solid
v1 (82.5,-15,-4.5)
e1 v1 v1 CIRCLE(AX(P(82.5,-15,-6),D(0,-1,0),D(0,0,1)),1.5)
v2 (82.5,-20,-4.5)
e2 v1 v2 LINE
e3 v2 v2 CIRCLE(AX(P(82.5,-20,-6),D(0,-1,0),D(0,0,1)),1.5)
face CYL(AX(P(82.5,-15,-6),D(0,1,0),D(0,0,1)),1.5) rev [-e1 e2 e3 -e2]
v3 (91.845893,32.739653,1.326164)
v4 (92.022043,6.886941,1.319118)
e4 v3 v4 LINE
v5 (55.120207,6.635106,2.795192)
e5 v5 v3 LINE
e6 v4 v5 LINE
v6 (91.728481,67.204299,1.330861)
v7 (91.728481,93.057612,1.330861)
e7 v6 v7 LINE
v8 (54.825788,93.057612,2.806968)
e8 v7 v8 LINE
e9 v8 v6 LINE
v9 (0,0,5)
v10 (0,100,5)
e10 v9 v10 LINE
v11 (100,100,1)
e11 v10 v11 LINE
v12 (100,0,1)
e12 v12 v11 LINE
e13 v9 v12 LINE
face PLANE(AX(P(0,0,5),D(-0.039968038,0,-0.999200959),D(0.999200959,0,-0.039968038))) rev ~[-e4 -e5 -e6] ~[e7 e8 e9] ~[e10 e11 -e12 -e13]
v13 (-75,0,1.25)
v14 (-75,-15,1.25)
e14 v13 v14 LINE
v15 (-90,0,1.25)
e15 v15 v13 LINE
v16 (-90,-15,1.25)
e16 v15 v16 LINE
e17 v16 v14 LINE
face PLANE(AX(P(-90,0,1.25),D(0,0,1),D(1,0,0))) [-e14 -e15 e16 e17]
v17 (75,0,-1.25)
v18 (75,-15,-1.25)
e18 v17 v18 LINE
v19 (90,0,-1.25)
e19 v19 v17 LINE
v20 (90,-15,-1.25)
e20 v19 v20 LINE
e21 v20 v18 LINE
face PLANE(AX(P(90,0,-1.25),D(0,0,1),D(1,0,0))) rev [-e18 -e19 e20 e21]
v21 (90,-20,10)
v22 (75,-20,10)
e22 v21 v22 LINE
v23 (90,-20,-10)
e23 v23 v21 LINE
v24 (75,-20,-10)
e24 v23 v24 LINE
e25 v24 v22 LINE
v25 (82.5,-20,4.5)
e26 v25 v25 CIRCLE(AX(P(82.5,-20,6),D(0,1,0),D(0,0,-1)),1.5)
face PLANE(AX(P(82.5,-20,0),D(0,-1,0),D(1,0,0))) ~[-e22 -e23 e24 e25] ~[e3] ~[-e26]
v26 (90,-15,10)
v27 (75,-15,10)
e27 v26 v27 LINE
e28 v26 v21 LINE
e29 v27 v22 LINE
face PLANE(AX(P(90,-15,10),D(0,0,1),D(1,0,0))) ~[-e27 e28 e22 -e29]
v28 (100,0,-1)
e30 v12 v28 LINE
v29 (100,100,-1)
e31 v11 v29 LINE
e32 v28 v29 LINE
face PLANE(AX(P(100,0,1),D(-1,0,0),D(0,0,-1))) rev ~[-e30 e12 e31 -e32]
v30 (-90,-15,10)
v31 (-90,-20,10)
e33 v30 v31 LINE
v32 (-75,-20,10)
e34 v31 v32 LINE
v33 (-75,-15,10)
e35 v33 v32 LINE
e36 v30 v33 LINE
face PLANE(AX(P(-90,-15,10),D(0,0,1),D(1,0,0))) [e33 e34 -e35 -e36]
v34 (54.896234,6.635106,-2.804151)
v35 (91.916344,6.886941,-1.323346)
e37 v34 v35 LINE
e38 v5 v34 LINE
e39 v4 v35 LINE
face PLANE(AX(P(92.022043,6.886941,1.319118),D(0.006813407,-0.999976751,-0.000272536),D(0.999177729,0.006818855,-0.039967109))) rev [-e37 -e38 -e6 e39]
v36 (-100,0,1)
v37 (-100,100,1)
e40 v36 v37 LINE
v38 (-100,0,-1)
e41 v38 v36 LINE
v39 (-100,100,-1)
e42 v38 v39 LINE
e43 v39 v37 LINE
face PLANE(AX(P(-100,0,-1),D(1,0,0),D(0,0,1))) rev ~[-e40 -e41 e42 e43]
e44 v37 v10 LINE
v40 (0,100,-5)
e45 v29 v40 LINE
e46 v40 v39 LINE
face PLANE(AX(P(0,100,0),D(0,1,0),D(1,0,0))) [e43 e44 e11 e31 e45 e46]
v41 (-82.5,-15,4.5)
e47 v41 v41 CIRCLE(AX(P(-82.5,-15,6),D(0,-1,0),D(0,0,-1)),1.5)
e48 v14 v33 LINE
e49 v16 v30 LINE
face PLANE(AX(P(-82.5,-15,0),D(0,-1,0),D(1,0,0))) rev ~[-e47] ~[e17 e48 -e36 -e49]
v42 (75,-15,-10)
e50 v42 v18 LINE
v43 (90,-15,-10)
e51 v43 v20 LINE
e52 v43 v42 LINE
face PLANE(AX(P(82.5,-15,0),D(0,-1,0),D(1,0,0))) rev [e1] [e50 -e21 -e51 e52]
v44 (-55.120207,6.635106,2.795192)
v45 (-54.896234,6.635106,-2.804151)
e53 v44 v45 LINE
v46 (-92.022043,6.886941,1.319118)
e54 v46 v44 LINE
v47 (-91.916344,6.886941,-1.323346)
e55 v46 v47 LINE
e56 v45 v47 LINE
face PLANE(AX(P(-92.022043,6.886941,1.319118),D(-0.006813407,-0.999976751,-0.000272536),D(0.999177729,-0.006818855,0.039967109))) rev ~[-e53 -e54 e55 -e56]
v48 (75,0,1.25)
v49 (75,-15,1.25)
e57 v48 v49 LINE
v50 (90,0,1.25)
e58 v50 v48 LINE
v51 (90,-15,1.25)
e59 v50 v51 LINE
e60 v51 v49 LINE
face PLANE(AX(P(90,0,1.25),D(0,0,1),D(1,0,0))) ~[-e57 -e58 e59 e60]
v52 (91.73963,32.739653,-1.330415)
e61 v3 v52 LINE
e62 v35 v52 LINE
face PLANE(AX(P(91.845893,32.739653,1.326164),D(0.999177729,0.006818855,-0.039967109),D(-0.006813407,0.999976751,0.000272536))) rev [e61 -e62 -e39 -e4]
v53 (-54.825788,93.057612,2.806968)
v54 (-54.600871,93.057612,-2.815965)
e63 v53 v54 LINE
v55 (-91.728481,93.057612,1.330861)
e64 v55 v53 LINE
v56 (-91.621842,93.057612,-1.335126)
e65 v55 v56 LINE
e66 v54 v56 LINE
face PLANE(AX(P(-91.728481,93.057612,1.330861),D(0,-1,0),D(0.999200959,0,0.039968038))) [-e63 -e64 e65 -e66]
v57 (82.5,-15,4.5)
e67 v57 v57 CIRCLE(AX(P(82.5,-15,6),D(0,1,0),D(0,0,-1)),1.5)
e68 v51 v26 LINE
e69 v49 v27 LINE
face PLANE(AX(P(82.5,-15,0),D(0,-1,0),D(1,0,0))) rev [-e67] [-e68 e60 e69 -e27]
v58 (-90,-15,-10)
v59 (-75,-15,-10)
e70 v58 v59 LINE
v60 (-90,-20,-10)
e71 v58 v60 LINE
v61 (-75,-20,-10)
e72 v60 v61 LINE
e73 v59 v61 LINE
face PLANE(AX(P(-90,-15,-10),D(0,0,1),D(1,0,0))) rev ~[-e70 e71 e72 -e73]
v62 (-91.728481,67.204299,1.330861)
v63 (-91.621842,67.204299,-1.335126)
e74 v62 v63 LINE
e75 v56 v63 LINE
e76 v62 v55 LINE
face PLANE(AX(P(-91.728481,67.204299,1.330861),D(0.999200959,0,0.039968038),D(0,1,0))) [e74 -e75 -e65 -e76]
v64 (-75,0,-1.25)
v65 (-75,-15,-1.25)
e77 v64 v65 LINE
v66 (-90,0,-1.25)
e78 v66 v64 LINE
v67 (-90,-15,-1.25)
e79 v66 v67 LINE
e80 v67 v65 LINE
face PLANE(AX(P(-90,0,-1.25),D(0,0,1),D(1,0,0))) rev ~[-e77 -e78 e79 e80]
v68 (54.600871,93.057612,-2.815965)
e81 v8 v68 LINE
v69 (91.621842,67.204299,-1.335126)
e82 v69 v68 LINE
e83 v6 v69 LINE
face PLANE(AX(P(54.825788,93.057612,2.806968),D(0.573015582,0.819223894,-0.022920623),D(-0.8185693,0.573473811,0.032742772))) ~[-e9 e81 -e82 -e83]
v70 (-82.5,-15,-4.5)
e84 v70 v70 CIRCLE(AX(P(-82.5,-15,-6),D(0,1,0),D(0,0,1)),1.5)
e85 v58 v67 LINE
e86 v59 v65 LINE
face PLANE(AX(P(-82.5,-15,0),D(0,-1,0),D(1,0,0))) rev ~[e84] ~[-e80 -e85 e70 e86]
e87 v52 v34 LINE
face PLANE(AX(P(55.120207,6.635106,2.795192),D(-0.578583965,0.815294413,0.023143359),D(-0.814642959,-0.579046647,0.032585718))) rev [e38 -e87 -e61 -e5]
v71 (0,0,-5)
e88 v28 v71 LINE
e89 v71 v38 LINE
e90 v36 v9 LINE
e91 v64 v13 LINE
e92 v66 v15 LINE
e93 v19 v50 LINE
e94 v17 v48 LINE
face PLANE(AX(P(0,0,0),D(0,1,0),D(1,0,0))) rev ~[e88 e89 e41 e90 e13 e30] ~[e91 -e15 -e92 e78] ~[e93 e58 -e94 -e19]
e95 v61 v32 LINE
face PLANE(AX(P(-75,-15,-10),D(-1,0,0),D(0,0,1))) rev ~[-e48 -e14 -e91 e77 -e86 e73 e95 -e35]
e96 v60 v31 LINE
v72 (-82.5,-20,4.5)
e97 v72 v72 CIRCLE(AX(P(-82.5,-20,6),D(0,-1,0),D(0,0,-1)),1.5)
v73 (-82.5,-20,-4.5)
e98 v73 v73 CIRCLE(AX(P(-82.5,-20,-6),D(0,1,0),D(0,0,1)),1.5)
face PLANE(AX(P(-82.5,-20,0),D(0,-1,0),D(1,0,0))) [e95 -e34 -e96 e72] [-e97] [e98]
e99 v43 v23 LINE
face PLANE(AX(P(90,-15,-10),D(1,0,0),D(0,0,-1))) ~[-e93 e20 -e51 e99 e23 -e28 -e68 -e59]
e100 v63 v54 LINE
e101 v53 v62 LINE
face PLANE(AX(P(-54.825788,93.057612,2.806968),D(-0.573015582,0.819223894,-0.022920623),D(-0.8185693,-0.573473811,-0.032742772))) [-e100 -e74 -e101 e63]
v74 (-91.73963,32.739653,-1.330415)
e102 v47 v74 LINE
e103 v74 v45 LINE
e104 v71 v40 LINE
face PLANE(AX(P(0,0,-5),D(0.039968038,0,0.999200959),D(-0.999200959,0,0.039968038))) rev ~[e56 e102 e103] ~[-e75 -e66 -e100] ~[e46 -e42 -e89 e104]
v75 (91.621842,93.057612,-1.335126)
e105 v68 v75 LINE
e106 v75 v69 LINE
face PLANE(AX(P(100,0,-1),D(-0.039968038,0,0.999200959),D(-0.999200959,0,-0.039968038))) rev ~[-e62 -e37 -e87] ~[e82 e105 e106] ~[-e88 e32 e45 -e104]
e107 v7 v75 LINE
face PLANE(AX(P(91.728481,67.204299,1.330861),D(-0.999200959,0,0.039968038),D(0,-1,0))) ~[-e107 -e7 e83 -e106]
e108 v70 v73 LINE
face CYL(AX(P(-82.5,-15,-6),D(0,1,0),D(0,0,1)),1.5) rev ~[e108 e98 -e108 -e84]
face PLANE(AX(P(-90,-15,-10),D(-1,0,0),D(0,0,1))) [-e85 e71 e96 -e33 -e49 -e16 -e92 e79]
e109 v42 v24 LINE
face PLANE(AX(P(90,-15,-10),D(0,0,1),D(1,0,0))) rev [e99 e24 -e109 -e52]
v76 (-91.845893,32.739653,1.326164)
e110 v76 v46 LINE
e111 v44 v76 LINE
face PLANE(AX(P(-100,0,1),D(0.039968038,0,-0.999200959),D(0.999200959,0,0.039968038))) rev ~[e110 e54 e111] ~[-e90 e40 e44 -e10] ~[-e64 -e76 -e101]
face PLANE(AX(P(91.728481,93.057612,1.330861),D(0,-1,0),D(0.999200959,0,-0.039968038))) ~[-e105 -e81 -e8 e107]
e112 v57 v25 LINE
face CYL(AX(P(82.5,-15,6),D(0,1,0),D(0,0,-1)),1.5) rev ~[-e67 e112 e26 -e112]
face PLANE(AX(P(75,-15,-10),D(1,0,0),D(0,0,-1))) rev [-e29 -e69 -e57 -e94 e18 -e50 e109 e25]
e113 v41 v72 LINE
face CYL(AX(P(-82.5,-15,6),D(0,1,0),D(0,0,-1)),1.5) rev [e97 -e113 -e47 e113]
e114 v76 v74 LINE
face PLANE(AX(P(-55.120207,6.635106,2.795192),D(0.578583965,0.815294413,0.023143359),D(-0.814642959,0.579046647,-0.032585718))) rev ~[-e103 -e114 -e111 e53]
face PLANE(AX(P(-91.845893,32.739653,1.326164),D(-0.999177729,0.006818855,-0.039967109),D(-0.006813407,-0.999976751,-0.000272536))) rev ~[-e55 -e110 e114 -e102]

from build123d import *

# Parameters (mm, degrees)
BOSS_EXTRUDE4_DEPTH     = 100
SKETCH8_W               = 15
SKETCH8_H               = 2.5
BOSS_EXTRUDE5_DEPTH     = 15
SKETCH9_W               = 15
SKETCH9_H               = 20
BOSS_EXTRUDE6_DEPTH     = 5
CUT_EXTRUDE1_REACH      = 144.354
SKETCH11_R              = 1.5
CUT_EXTRUDE2_DEPTH      = 5
MIRROR4_COPY_1_SKETCH_R = 1.5
MIRROR4_COPY_1_DEPTH    = 5


with BuildPart() as part:
    # Sketch7 → Boss-Extrude4 (new body)
    with BuildSketch(Plane(origin=(0, 0, 0), x_dir=(1, 0, 0), z_dir=(0, 1, 0))):
        Polygon((100, -1), (100, 1), (0, 5), (-100, 1), (-100, -1), (0, -5), align=None)
    extrude(amount=BOSS_EXTRUDE4_DEPTH)

    # Sketch8 → Boss-Extrude5 (add)
    with BuildSketch(Plane.XZ):
        with Locations((-82.5, 0)):
            Rectangle(SKETCH8_W, SKETCH8_H)
    boss_extrude5 = extrude(amount=BOSS_EXTRUDE5_DEPTH)

    # Sketch9 → Boss-Extrude6 (add)
    with BuildSketch(Plane.XZ.offset(15)):
        with Locations((-82.5, 0)):
            Rectangle(SKETCH9_W, SKETCH9_H)
    boss_extrude6 = extrude(amount=BOSS_EXTRUDE6_DEPTH)

    # Mirror1: Boss-Extrude5, Boss-Extrude6 across plane
    add(boss_extrude5.mirror(Plane(origin=(0, 0, 0), x_dir=(0, 0, 1), z_dir=(1, 0, 0))))
    add(boss_extrude6.mirror(Plane(origin=(0, 0, 0), x_dir=(0, 0, 1), z_dir=(1, 0, 0))))

    # Cut-Extrude1: up to this plane
    cut_extrude1_end = Plane(origin=(-100, 100, -1), z_dir=(0.03996803834887159, 0, 0.9992009587217895))
    # Sketch10 → Cut-Extrude1 (cut, up to the surface)
    with BuildSketch(Plane(origin=(-0.199680511, 0, 4.99201278), x_dir=(0.9992009587217895, 0, 0.03996803834887158), z_dir=(-0.039968038348871575, 0, 0.9992009587217894)), mode=Mode.PRIVATE) as cut_extrude1_sk1:
        Polygon((-91.601994525, 67.204299414), (-91.601994525, 93.057612221), (-54.669790851, 93.057612221), align=None)
    cut_extrude1_tool1 = split(extrude(cut_extrude1_sk1.sketch, amount=-CUT_EXTRUDE1_REACH, mode=Mode.PRIVATE), bisect_by=cut_extrude1_end, keep=Keep.BOTH, mode=Mode.PRIVATE)
    # Sketch10 → Cut-Extrude1 (cut, up to the surface)
    with BuildSketch(Plane(origin=(-0.199680511, 0, 4.99201278), x_dir=(0.9992009587217895, 0, 0.03996803834887158), z_dir=(-0.039968038348871575, 0, 0.9992009587217894)), mode=Mode.PRIVATE) as cut_extrude1_sk2:
        Polygon((-91.895790601, 6.886941419), (-54.964445552, 6.635106072), (-91.719500606, 32.739653171), align=None)
    cut_extrude1_tool2 = split(extrude(cut_extrude1_sk2.sketch, amount=-CUT_EXTRUDE1_REACH, mode=Mode.PRIVATE), bisect_by=cut_extrude1_end, keep=Keep.BOTH, mode=Mode.PRIVATE)
    cut_extrude1 = cut_extrude1_tool1.solids().sort_by_distance((-79.427583, 84.439841, 1.822897))[0] + cut_extrude1_tool2.solids().sort_by_distance((-79.662714, 15.420567, 1.813491))[0]
    add(cut_extrude1, mode=Mode.SUBTRACT)

    # Mirror2: Cut-Extrude1 across plane
    add(cut_extrude1.mirror(Plane(origin=(0, 0, 0), x_dir=(0, 0, 1), z_dir=(1, 0, 0))), mode=Mode.SUBTRACT)

    # Sketch11 → Cut-Extrude2 (cut)
    with BuildSketch(Plane(origin=(0, -15, 0), x_dir=(1, 0, 0), z_dir=(0, 1, 0))):
        with Locations(Location((-82.5, 6, 0), (0, 0, 270))):
            Circle(SKETCH11_R)
    cut_extrude2 = extrude(amount=-CUT_EXTRUDE2_DEPTH, mode=Mode.SUBTRACT)

    # Mirror3: Cut-Extrude2 across plane
    add(cut_extrude2.mirror(Plane.XY), mode=Mode.SUBTRACT)

    # Mirror4: Cut-Extrude2 across plane
    add(cut_extrude2.mirror(Plane(origin=(0, 0, 0), x_dir=(0, 0, 1), z_dir=(1, 0, 0))), mode=Mode.SUBTRACT)

    # Mirror4 copy 1 sketch → Mirror4 copy 1 (cut)
    with BuildSketch(Plane(origin=(0, -15, 0), x_dir=(-1, 0, 0), z_dir=(0, 1, 0))):
        with Locations(Location((-82.5, 6, 0), (0, 0, 270))):
            Circle(MIRROR4_COPY_1_SKETCH_R)
    extrude(amount=-MIRROR4_COPY_1_DEPTH, mode=Mode.SUBTRACT)


solid = part.part
